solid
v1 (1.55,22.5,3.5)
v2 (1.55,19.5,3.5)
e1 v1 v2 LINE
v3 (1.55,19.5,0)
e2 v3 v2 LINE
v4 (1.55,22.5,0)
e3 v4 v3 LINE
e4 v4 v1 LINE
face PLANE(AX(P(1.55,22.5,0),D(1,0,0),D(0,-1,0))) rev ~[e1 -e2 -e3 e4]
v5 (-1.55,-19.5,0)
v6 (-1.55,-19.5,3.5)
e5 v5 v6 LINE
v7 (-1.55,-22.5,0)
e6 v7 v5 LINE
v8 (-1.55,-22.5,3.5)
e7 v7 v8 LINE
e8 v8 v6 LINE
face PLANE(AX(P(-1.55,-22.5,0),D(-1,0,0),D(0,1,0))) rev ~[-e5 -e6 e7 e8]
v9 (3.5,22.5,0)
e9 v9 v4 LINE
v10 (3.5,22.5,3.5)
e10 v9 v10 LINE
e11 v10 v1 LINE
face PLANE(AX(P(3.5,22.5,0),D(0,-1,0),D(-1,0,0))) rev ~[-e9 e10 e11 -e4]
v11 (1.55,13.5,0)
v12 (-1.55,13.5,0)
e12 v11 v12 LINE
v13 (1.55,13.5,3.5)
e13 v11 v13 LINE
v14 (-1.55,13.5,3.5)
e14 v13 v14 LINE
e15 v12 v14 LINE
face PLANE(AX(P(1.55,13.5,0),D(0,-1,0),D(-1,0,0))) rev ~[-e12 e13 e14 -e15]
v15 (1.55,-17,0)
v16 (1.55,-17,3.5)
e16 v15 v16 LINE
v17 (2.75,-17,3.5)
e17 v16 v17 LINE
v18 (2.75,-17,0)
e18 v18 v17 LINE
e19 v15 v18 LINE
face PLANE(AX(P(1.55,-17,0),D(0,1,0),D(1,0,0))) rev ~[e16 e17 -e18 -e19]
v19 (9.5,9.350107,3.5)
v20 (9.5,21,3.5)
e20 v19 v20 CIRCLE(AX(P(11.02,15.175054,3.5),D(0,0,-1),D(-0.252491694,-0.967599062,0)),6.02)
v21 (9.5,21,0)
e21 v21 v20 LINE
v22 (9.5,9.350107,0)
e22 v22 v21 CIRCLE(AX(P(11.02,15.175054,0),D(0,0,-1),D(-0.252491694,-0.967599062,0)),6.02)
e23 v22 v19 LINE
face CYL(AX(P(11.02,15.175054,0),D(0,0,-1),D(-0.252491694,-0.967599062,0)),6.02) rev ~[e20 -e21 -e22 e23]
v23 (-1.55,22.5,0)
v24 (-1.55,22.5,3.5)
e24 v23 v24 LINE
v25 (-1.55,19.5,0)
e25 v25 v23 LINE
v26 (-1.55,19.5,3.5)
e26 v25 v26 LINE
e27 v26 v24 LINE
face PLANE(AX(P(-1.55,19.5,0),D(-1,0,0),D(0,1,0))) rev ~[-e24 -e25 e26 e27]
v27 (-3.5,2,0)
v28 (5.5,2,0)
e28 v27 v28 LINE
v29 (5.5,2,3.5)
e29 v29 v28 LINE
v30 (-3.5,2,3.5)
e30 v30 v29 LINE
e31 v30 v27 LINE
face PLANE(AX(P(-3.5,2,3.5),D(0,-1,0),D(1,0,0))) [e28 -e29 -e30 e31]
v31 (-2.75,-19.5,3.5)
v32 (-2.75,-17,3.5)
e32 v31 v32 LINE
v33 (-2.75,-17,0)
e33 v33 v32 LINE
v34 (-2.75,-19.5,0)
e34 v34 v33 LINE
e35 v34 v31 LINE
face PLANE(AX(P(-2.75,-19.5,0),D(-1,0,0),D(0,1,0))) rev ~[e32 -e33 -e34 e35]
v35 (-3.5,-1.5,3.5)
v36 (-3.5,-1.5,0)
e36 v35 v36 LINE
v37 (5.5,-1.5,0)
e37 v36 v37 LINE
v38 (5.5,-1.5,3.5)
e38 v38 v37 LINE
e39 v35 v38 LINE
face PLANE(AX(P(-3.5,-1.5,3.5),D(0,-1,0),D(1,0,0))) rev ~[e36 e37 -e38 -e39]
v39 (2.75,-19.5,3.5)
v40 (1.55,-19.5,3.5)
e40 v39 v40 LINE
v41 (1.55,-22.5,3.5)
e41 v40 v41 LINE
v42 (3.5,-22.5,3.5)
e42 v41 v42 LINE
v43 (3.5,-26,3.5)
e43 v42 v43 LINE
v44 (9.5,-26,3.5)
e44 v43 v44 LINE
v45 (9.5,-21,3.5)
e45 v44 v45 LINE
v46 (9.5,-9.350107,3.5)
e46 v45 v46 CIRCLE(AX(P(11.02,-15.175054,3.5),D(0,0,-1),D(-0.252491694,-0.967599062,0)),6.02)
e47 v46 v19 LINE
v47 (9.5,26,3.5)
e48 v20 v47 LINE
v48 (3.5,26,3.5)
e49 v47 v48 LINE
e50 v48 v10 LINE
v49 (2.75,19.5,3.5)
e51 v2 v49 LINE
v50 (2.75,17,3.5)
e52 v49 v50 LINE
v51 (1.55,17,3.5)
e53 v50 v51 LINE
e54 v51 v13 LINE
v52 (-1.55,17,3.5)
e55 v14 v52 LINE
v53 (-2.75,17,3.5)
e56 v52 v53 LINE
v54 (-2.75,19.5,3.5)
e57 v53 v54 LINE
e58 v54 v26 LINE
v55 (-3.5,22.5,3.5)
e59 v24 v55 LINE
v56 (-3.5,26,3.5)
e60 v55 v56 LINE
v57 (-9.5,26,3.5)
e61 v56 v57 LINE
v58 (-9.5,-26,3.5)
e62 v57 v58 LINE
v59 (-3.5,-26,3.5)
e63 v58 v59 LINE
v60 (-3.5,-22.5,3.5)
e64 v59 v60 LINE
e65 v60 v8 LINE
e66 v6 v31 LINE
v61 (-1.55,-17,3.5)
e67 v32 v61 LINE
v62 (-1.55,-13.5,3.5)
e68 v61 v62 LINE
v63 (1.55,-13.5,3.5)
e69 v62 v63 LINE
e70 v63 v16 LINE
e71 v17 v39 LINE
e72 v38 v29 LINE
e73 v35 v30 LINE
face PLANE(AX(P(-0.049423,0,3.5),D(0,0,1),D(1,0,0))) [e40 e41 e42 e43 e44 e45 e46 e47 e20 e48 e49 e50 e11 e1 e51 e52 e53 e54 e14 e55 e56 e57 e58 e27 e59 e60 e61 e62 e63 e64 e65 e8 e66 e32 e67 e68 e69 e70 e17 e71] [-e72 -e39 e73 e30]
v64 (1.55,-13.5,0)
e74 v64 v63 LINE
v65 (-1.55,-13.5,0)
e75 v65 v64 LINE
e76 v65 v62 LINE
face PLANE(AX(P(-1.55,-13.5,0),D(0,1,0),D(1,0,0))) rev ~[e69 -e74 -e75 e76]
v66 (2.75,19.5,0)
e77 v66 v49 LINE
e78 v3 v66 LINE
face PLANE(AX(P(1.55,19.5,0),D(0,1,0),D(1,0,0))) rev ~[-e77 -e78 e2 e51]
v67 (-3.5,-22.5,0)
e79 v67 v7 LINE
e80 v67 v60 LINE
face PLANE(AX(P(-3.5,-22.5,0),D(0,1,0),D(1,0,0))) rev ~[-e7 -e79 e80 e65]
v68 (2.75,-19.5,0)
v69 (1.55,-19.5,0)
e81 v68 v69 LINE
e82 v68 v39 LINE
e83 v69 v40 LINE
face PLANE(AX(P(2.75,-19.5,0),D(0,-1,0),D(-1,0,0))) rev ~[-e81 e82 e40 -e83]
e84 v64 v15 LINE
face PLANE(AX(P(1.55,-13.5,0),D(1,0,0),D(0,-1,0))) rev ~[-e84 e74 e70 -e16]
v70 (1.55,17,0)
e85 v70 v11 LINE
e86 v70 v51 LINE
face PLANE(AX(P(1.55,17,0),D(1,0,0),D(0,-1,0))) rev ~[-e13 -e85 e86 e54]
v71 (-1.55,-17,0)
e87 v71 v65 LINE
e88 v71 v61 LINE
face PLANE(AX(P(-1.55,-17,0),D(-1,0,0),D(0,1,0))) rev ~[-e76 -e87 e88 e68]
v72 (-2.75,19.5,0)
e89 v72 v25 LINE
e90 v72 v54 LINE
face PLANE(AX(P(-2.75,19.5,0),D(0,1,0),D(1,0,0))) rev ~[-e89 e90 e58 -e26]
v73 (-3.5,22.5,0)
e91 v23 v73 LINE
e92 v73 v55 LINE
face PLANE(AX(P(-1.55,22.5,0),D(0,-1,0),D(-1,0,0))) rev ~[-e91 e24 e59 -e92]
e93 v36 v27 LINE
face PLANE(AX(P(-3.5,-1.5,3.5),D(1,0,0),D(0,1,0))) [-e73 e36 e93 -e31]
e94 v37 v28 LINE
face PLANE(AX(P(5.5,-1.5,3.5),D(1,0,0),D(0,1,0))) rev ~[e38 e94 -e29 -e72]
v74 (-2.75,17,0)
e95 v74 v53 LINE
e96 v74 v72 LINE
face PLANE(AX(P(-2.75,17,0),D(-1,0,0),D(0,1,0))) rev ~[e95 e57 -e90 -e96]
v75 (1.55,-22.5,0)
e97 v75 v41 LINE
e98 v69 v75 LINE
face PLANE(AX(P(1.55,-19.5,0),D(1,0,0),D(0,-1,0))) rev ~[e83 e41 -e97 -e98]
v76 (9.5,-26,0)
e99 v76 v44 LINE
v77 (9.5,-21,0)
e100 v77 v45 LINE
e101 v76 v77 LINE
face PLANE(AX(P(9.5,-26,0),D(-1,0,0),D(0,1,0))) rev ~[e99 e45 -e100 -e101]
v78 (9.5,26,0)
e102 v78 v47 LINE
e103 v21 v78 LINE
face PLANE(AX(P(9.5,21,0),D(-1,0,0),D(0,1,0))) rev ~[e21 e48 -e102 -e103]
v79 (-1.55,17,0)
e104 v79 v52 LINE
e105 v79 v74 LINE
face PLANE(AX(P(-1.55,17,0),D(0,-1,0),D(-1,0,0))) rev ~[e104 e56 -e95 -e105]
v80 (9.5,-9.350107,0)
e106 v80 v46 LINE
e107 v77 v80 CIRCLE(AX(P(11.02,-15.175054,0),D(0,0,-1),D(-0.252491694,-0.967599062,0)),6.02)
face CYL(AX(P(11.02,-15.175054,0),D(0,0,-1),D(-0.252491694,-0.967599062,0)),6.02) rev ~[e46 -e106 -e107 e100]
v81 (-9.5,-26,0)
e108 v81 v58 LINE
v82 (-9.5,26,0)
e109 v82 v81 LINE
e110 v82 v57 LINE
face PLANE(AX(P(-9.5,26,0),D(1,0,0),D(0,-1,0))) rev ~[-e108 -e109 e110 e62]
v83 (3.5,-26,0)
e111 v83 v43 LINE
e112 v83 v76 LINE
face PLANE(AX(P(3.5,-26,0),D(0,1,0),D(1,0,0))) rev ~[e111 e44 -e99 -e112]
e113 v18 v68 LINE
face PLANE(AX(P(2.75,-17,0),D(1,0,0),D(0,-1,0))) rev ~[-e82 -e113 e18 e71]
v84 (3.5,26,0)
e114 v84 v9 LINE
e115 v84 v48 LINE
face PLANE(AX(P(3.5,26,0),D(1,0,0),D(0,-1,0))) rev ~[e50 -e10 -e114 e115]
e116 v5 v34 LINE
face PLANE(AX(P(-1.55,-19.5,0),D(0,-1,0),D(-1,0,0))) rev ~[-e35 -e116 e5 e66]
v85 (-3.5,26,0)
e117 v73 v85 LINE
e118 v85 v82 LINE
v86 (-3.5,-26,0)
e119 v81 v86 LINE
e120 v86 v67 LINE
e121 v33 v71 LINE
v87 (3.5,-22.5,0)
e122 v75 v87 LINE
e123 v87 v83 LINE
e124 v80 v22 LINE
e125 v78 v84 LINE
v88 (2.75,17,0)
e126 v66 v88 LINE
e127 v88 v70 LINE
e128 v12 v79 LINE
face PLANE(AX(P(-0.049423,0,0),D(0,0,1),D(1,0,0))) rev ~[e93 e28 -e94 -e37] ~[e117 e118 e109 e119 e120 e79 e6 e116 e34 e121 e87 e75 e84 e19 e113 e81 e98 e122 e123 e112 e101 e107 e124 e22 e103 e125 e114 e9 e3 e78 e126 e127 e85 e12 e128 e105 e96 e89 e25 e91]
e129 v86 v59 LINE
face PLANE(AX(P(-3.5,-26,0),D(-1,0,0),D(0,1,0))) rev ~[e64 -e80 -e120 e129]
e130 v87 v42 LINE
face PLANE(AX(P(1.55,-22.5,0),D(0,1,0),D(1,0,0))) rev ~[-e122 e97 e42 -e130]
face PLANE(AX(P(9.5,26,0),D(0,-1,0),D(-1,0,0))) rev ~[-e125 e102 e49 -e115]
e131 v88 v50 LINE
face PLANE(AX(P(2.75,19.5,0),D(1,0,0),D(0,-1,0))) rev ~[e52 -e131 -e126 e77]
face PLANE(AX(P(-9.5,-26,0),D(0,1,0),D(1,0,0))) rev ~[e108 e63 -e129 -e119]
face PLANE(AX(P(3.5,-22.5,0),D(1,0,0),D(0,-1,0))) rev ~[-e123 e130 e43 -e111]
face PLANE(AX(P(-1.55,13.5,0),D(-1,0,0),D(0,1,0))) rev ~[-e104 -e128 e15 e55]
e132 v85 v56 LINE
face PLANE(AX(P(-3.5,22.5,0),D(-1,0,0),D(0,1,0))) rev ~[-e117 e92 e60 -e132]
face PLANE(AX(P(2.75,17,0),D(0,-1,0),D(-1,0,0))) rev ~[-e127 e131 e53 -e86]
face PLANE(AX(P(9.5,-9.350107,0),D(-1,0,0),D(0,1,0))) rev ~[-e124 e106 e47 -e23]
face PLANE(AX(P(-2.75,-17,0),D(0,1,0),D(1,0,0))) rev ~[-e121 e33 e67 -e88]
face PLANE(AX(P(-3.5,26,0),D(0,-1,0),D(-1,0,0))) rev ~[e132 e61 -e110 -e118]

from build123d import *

# Parameters (mm, degrees)
BOSS_EXTRUDE1_DEPTH = 3.5
SKETCH2_W           = 9
SKETCH2_H           = 3.5
CUT_EXTRUDE1_DEPTH  = 28.901612857


with BuildPart() as part:
    # Sketch1 → Boss-Extrude1 (new body)
    with BuildSketch(Plane.XY):
        with BuildLine():
            Line((3.5, 26), (3.5, 22.5))
            Line((3.5, 22.5), (1.55, 22.5))
            Line((1.55, 22.5), (1.55, 19.5))
            Line((1.55, 19.5), (2.75, 19.5))
            Line((2.75, 19.5), (2.75, 17))
            Line((2.75, 17), (1.55, 17))
            Line((1.55, 17), (1.55, 13.5))
            Line((1.55, 13.5), (-1.55, 13.5))
            Line((-1.55, 13.5), (-1.55, 17))
            Line((-1.55, 17), (-2.75, 17))
            Line((-2.75, 17), (-2.75, 19.5))
            Line((-2.75, 19.5), (-1.55, 19.5))
            Line((-1.55, 19.5), (-1.55, 22.5))
            Line((-1.55, 22.5), (-3.5, 22.5))
            Line((-3.5, 22.5), (-3.5, 26))
            Line((-3.5, 26), (-9.5, 26))
            Line((-9.5, 26), (-9.5, -26))
            Line((-9.5, -26), (-3.5, -26))
            Line((-3.5, -26), (-3.5, -22.5))
            Line((-3.5, -22.5), (-1.55, -22.5))
            Line((-1.55, -22.5), (-1.55, -19.5))
            Line((-1.55, -19.5), (-2.75, -19.5))
            Line((-2.75, -19.5), (-2.75, -17))
            Line((-2.75, -17), (-1.55, -17))
            Line((-1.55, -17), (-1.55, -13.5))
            Line((-1.55, -13.5), (1.55, -13.5))
            Line((1.55, -13.5), (1.55, -17))
            Line((1.55, -17), (2.75, -17))
            Line((2.75, -17), (2.75, -19.5))
            Line((2.75, -19.5), (1.55, -19.5))
            Line((1.55, -19.5), (1.55, -22.5))
            Line((1.55, -22.5), (3.5, -22.5))
            Line((3.5, -22.5), (3.5, -26))
            Line((3.5, -26), (9.5, -26))
            Line((9.5, -26), (9.5, -21))
            ThreePointArc((9.5, -21), (5, -15.175053648), (9.5, -9.350107297))
            Line((9.5, -9.350107297), (9.5, 9.350107297))
            ThreePointArc((9.5, 9.350107297), (5, 15.175053648), (9.5, 21))
            Line((9.5, 21), (9.5, 26))
            Line((9.5, 26), (3.5, 26))
        make_face()
    extrude(amount=BOSS_EXTRUDE1_DEPTH)

    # Sketch2 → Cut-Extrude1 (cut, through all)
    with BuildSketch(Plane.XY.offset(3.5)):
        with Locations((1, 0.25)):
            Rectangle(SKETCH2_W, SKETCH2_H)
    extrude(amount=-CUT_EXTRUDE1_DEPTH, mode=Mode.SUBTRACT)


solid = part.part
